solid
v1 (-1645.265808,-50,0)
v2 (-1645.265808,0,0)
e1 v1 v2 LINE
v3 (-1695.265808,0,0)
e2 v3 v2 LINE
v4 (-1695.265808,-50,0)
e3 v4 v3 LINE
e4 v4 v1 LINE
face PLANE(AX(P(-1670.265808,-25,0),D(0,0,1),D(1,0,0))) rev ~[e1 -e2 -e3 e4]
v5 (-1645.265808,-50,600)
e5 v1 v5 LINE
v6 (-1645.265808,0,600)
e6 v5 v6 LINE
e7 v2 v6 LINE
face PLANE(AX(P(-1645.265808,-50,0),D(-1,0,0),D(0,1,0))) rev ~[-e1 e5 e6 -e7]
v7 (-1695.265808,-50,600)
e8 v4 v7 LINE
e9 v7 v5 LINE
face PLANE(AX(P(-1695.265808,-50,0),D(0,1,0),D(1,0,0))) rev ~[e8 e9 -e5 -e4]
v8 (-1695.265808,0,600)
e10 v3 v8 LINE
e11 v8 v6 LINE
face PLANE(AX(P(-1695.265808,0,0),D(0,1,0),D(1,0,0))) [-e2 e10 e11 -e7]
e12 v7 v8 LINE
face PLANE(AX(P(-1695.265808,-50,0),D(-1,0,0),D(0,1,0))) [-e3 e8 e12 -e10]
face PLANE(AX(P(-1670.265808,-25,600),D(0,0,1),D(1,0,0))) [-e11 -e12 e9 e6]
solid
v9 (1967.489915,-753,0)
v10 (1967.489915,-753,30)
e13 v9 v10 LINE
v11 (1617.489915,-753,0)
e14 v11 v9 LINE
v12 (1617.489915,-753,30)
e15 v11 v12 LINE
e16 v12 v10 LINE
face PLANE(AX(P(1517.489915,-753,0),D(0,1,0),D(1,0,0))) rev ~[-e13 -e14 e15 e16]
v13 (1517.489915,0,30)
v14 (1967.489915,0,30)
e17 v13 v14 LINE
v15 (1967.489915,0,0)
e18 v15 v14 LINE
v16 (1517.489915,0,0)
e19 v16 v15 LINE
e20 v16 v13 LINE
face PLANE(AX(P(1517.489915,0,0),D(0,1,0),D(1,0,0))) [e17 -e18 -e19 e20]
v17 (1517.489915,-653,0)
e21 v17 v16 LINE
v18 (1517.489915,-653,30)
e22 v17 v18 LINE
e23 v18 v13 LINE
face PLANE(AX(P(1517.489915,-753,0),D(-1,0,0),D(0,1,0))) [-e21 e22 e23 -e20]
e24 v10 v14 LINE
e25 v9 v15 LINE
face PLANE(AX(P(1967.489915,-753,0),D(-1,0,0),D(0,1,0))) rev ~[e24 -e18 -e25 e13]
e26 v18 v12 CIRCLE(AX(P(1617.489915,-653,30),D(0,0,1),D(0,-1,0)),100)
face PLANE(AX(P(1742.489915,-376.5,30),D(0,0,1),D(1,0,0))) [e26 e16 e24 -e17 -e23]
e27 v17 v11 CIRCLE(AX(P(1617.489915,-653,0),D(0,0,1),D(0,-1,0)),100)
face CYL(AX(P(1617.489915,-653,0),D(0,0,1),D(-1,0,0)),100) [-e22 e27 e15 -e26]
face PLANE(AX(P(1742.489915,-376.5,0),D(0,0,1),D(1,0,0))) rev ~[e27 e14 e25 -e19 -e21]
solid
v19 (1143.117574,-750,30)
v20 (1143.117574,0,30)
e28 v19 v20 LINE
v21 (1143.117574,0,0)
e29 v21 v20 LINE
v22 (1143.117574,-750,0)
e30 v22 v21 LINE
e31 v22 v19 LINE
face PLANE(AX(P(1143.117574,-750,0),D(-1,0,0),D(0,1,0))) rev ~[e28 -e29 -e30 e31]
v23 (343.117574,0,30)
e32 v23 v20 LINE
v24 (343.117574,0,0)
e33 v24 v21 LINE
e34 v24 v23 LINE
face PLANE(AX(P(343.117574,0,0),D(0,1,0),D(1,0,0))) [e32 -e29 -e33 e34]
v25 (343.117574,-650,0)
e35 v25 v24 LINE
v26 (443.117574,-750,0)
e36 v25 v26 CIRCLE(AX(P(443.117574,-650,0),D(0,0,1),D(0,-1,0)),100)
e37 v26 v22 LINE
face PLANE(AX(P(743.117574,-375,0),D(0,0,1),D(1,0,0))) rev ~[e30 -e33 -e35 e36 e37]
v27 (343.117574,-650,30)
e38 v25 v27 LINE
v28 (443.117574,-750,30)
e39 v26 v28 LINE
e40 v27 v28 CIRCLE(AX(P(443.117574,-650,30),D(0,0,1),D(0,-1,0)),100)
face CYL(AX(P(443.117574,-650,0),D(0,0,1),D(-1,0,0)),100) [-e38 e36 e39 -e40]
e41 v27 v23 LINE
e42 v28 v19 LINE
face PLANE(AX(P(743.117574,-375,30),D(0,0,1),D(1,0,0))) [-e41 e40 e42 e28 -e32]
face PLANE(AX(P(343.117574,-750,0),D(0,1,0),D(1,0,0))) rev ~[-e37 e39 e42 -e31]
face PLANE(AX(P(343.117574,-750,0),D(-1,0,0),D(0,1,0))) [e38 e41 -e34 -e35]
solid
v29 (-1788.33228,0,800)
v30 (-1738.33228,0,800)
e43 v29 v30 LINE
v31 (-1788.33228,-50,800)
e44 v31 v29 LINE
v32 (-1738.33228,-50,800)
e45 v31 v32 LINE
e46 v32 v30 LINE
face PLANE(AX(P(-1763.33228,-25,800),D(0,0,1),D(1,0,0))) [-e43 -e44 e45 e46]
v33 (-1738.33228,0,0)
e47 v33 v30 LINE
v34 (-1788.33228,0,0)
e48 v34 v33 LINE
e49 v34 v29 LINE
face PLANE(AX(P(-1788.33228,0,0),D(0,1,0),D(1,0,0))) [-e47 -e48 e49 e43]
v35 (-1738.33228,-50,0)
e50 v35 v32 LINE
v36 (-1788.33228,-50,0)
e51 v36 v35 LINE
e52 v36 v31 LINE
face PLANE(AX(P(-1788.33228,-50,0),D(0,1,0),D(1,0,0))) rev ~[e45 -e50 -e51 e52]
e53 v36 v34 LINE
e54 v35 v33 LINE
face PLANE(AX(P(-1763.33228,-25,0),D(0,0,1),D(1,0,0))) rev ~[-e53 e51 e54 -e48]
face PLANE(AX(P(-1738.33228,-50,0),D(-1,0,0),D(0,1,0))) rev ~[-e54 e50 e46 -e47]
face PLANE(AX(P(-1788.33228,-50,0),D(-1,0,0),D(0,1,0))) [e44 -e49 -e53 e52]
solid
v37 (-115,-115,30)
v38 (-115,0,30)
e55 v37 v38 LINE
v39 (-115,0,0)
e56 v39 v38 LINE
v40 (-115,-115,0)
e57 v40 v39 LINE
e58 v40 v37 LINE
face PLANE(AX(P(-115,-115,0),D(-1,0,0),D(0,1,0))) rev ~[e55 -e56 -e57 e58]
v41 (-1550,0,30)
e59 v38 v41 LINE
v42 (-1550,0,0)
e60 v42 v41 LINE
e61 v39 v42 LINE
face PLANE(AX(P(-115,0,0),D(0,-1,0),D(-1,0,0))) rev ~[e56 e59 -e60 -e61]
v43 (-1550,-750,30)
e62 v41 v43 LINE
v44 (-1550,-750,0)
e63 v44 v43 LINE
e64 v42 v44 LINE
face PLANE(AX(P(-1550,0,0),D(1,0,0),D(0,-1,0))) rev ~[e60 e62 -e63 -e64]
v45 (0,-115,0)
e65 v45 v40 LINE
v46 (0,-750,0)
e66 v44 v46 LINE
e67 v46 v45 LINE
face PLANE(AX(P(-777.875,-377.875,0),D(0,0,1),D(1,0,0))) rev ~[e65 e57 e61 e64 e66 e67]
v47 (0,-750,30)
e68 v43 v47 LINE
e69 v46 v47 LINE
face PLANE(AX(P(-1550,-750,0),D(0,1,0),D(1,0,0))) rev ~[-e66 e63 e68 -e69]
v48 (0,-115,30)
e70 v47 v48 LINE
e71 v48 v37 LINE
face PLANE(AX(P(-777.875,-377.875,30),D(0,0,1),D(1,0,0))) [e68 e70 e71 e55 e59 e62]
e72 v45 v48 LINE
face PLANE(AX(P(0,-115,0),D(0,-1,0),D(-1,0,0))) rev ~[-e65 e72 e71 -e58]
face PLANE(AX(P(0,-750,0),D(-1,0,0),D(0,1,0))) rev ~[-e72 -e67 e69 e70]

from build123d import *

# Parameters (mm, degrees)
F1_W     = 800
F1_H     = 750
F2_DEPTH = 30
F3_R     = 100
F4_W     = 50
F4_H     = 50
F5_DEPTH = 800
F6_W     = 50
F6_H     = 50
F7_DEPTH = 600
F8_W     = 450
F8_H     = 753
F9_DEPTH = 30
F10_R    = 100


with BuildPart() as f2:
    # F1 (on Top) + F0 (on Top) → F2 (new body)
    with BuildSketch(Plane.XY):
        with Locations((743.117574, -375)):
            Rectangle(F1_W, F1_H)
    with BuildSketch(Plane.XY):
        Polygon((-115, -115), (-115, 0), (-1550, 0), (-1550, -750), (0, -750), (0, -115), align=None)
    extrude(amount=F2_DEPTH)

    # F3
    f3_edges = [f2.edges().sort_by_distance(p)[0] for p in [
        (343.117574, -750, 15),
    ]]
    fillet(f3_edges, radius=F3_R)


with BuildPart() as f5:
    # F4 (on Top) → F5 (new body)
    with BuildSketch(Plane.XY):
        with Locations((-1763.33228, -25)):
            Rectangle(F4_W, F4_H)
    extrude(amount=F5_DEPTH)


with BuildPart() as f7:
    # F6 (on Top) → F7 (new body)
    with BuildSketch(Plane.XY):
        with Locations((-1670.265808, -25)):
            Rectangle(F6_W, F6_H)
    extrude(amount=F7_DEPTH)


with BuildPart() as f9:
    # F8 (on Top) → F9 (new body)
    with BuildSketch(Plane.XY):
        with Locations((1742.489915, -376.5)):
            Rectangle(F8_W, F8_H)
    extrude(amount=F9_DEPTH)

    # F10
    f10_edges = [f9.edges().sort_by_distance(p)[0] for p in [
        (1517.489915, -753, 15),
    ]]
    fillet(f10_edges, radius=F10_R)


solid = Compound([f2.part, f5.part, f7.part, f9.part])
